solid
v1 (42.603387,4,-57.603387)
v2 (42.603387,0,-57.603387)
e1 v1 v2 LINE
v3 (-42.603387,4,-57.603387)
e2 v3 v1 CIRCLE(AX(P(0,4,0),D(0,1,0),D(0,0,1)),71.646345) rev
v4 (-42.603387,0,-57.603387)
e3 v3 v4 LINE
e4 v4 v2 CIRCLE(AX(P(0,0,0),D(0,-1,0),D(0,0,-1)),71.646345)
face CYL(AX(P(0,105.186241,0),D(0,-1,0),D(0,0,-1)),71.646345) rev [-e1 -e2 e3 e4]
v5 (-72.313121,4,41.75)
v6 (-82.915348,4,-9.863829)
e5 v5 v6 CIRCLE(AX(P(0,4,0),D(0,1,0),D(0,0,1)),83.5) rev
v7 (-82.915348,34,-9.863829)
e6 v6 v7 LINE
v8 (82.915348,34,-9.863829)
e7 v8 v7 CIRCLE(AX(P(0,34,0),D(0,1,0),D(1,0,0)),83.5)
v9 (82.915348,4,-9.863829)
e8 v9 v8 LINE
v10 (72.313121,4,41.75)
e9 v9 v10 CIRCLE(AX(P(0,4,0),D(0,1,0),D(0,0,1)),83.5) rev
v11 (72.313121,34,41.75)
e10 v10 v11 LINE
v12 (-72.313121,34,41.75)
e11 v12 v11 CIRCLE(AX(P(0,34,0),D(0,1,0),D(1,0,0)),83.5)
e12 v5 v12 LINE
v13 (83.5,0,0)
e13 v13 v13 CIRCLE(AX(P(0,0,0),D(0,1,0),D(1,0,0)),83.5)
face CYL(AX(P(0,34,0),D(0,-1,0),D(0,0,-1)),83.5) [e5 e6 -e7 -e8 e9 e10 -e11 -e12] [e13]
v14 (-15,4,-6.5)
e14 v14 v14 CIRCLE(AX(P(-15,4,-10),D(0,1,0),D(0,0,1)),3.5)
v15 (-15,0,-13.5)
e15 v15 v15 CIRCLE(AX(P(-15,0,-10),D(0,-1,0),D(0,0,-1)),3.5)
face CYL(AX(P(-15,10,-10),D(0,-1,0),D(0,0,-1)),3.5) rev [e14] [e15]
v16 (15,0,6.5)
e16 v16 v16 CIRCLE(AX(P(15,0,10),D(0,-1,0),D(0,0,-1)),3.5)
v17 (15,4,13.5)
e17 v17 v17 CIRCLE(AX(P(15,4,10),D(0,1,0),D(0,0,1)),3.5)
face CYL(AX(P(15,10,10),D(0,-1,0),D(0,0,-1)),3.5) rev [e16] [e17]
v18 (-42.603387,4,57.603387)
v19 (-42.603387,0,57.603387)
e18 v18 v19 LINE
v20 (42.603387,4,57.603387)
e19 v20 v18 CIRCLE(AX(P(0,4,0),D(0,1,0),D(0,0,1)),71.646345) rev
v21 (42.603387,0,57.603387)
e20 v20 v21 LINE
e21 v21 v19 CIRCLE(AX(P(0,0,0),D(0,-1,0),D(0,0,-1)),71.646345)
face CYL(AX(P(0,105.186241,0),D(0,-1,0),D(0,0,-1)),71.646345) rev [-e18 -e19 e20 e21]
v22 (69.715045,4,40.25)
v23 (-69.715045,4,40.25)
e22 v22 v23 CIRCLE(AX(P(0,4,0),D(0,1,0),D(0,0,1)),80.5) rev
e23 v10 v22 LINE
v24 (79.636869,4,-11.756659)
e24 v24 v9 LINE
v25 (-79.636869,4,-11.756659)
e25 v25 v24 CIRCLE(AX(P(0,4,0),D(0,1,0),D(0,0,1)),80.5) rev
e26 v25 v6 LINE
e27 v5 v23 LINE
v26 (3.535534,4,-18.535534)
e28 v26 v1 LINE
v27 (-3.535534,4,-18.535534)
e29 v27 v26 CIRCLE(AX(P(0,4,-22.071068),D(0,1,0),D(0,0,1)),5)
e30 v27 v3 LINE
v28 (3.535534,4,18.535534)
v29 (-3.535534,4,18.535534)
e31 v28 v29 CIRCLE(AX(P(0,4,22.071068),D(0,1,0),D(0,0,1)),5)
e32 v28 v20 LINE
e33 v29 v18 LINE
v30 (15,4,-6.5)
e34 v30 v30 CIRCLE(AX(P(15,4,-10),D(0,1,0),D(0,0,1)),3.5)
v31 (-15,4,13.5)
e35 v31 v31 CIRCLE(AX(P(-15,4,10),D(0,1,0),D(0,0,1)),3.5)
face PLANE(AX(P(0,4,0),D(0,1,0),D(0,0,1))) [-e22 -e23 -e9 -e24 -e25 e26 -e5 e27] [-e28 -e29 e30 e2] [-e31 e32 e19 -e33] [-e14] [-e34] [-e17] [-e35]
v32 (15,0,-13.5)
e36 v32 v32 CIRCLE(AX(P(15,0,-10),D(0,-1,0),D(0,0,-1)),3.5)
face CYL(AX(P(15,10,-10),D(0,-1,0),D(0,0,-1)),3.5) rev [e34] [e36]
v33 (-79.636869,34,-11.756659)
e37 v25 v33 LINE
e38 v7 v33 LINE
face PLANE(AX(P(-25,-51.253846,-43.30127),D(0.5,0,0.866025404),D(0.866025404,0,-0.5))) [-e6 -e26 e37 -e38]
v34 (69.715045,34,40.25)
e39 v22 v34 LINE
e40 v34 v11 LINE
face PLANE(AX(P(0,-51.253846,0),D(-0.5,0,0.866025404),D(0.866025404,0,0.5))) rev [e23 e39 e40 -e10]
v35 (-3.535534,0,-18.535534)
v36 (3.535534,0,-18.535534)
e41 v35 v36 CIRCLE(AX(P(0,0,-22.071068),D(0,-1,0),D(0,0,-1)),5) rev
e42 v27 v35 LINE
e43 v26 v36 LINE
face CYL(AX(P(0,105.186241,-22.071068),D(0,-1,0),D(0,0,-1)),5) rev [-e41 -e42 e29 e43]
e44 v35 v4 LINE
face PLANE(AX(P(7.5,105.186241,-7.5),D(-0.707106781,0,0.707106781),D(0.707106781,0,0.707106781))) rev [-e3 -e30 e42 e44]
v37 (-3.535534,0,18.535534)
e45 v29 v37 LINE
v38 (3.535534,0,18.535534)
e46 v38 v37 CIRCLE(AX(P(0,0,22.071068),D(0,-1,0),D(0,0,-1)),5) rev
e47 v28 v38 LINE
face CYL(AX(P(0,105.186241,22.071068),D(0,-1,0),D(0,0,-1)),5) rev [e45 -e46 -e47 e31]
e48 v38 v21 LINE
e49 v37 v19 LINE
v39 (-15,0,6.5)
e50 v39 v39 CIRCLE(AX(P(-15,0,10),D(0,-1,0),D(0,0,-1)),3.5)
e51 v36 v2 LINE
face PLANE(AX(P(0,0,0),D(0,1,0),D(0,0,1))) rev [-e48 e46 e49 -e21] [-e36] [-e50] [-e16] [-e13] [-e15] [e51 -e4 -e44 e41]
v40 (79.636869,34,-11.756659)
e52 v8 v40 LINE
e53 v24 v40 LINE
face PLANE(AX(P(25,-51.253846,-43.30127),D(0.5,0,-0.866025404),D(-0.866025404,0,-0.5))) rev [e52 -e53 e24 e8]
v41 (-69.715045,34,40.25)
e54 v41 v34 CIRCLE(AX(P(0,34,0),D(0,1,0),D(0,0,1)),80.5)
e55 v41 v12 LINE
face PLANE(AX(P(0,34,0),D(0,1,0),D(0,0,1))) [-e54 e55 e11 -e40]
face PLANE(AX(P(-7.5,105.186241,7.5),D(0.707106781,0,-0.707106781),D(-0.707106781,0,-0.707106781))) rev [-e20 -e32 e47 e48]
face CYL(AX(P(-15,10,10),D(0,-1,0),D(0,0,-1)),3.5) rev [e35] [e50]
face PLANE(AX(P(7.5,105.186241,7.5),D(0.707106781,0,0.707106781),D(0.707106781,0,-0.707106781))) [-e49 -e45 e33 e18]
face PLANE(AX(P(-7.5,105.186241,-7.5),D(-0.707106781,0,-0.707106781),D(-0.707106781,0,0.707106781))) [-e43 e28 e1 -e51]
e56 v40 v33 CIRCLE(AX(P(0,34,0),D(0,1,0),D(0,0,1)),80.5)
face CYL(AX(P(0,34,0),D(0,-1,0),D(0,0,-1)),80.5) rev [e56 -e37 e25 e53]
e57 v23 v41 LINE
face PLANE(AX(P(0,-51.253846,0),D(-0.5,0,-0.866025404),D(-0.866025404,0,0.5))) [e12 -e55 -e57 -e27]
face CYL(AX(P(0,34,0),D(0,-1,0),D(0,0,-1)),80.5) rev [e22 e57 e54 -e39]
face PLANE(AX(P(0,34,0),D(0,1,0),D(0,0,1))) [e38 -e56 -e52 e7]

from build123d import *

# Parameters (mm, degrees)
CROQUIS1_R              = 80.5
SALIENTE_EXTRUIR1_DEPTH = 4
CROQUIS2_R              = 83.5
CROQUIS2_R_2            = 80.5
EXTRUIR_L_MINA1_DEPTH   = 34
CORTAR_EXTRUIR1_START   = -30
CORTAR_EXTRUIR1_DEPTH   = 30
CORTAR_EXTRUIR3_DEPTH   = 4
CROQUIS6_R              = 3.5
CORTAR_EXTRUIR4_DEPTH   = 10


with BuildPart() as part:
    # Croquis1 → Saliente-Extruir1 (new body)
    with BuildSketch(Plane(origin=(0, 0, 0), x_dir=(1, 0, 0), z_dir=(0, 1, 0))):
        with Locations(Location((0, 0, 0), (0, 0, 270))):
            Circle(CROQUIS1_R)
    extrude(amount=SALIENTE_EXTRUIR1_DEPTH)

    # Croquis2 → Extruir-Lámina1 (add)
    with BuildSketch(Plane(origin=(0, 0, 0), x_dir=(1, 0, 0), z_dir=(0, 1, 0))):
        Circle(CROQUIS2_R)
        Circle(CROQUIS2_R_2, mode=Mode.SUBTRACT)
    extrude(amount=EXTRUIR_L_MINA1_DEPTH)

    # Croquis3 → Cortar-Extruir1 (cut)
    with BuildSketch(Plane(origin=(0, 34, 0), x_dir=(1, 0, 0), z_dir=(0, 1, 0)).offset(CORTAR_EXTRUIR1_START)):
        with BuildLine():
            Line((82.915347707, 9.8638286), (79.63686942, 11.756658922))
            ThreePointArc((79.63686942, 11.756658922), (80.283927371, 5.894150138), (80.5, 0))
            ThreePointArc((80.5, 0), (77.757029016, -20.834933131), (69.715045005, -40.25))
            Line((69.715045005, -40.25), (72.313121216, -41.75))
            ThreePointArc((72.313121216, -41.75), (80.654806495, -21.611390266), (83.5, 0))
            ThreePointArc((83.5, 0), (83.353708776, 4.940570133), (82.915347707, 9.8638286))
        make_face()
        with BuildLine():
            ThreePointArc((-69.715045005, -40.25), (-79.073837194, -15.085697577), (-79.63686942, 11.756658922))
            Line((-79.63686942, 11.756658922), (-82.915347707, 9.8638286))
            ThreePointArc((-82.915347707, 9.8638286), (-81.792213668, -16.801303023), (-72.313121216, -41.75))
            Line((-72.313121216, -41.75), (-69.715045005, -40.25))
        make_face()
    extrude(amount=CORTAR_EXTRUIR1_DEPTH, mode=Mode.SUBTRACT)

    # Croquis4 → Cortar-Extruir3 (cut)
    with BuildSketch(Plane.XZ):
        with BuildLine():
            Line((-42.603387144, 57.603387144), (-3.535533906, 18.535533906))
            ThreePointArc((-3.535533906, 18.535533906), (0, 17.071067812), (3.535533906, 18.535533906))
            Line((3.535533906, 18.535533906), (42.603387144, 57.603387144))
            ThreePointArc((42.603387144, 57.603387144), (0, 71.646345383), (-42.603387144, 57.603387144))
        make_face()
        with BuildLine():
            Line((-3.535533906, -18.535533906), (-42.603387144, -57.603387144))
            ThreePointArc((-42.603387144, -57.603387144), (0, -71.646345383), (42.603387144, -57.603387144))
            Line((42.603387144, -57.603387144), (3.535533906, -18.535533906))
            ThreePointArc((3.535533906, -18.535533906), (0, -17.071067812), (-3.535533906, -18.535533906))
        make_face()
    extrude(amount=-CORTAR_EXTRUIR3_DEPTH, mode=Mode.SUBTRACT)

    # Croquis6 → Cortar-Extruir4 (cut)
    with BuildSketch(Plane.XZ):
        with Locations(Location((-15, 10, 0), (0, 0, 270))):
            Circle(CROQUIS6_R)
        with Locations(Location((-15, -10, 0), (0, 0, 270))):
            Circle(CROQUIS6_R)
        with Locations(Location((15, 10, 0), (0, 0, 270))):
            Circle(CROQUIS6_R)
        with Locations(Location((15, -10, 0), (0, 0, 270))):
            Circle(CROQUIS6_R)
    extrude(amount=-CORTAR_EXTRUIR4_DEPTH, mode=Mode.SUBTRACT)


solid = part.part
